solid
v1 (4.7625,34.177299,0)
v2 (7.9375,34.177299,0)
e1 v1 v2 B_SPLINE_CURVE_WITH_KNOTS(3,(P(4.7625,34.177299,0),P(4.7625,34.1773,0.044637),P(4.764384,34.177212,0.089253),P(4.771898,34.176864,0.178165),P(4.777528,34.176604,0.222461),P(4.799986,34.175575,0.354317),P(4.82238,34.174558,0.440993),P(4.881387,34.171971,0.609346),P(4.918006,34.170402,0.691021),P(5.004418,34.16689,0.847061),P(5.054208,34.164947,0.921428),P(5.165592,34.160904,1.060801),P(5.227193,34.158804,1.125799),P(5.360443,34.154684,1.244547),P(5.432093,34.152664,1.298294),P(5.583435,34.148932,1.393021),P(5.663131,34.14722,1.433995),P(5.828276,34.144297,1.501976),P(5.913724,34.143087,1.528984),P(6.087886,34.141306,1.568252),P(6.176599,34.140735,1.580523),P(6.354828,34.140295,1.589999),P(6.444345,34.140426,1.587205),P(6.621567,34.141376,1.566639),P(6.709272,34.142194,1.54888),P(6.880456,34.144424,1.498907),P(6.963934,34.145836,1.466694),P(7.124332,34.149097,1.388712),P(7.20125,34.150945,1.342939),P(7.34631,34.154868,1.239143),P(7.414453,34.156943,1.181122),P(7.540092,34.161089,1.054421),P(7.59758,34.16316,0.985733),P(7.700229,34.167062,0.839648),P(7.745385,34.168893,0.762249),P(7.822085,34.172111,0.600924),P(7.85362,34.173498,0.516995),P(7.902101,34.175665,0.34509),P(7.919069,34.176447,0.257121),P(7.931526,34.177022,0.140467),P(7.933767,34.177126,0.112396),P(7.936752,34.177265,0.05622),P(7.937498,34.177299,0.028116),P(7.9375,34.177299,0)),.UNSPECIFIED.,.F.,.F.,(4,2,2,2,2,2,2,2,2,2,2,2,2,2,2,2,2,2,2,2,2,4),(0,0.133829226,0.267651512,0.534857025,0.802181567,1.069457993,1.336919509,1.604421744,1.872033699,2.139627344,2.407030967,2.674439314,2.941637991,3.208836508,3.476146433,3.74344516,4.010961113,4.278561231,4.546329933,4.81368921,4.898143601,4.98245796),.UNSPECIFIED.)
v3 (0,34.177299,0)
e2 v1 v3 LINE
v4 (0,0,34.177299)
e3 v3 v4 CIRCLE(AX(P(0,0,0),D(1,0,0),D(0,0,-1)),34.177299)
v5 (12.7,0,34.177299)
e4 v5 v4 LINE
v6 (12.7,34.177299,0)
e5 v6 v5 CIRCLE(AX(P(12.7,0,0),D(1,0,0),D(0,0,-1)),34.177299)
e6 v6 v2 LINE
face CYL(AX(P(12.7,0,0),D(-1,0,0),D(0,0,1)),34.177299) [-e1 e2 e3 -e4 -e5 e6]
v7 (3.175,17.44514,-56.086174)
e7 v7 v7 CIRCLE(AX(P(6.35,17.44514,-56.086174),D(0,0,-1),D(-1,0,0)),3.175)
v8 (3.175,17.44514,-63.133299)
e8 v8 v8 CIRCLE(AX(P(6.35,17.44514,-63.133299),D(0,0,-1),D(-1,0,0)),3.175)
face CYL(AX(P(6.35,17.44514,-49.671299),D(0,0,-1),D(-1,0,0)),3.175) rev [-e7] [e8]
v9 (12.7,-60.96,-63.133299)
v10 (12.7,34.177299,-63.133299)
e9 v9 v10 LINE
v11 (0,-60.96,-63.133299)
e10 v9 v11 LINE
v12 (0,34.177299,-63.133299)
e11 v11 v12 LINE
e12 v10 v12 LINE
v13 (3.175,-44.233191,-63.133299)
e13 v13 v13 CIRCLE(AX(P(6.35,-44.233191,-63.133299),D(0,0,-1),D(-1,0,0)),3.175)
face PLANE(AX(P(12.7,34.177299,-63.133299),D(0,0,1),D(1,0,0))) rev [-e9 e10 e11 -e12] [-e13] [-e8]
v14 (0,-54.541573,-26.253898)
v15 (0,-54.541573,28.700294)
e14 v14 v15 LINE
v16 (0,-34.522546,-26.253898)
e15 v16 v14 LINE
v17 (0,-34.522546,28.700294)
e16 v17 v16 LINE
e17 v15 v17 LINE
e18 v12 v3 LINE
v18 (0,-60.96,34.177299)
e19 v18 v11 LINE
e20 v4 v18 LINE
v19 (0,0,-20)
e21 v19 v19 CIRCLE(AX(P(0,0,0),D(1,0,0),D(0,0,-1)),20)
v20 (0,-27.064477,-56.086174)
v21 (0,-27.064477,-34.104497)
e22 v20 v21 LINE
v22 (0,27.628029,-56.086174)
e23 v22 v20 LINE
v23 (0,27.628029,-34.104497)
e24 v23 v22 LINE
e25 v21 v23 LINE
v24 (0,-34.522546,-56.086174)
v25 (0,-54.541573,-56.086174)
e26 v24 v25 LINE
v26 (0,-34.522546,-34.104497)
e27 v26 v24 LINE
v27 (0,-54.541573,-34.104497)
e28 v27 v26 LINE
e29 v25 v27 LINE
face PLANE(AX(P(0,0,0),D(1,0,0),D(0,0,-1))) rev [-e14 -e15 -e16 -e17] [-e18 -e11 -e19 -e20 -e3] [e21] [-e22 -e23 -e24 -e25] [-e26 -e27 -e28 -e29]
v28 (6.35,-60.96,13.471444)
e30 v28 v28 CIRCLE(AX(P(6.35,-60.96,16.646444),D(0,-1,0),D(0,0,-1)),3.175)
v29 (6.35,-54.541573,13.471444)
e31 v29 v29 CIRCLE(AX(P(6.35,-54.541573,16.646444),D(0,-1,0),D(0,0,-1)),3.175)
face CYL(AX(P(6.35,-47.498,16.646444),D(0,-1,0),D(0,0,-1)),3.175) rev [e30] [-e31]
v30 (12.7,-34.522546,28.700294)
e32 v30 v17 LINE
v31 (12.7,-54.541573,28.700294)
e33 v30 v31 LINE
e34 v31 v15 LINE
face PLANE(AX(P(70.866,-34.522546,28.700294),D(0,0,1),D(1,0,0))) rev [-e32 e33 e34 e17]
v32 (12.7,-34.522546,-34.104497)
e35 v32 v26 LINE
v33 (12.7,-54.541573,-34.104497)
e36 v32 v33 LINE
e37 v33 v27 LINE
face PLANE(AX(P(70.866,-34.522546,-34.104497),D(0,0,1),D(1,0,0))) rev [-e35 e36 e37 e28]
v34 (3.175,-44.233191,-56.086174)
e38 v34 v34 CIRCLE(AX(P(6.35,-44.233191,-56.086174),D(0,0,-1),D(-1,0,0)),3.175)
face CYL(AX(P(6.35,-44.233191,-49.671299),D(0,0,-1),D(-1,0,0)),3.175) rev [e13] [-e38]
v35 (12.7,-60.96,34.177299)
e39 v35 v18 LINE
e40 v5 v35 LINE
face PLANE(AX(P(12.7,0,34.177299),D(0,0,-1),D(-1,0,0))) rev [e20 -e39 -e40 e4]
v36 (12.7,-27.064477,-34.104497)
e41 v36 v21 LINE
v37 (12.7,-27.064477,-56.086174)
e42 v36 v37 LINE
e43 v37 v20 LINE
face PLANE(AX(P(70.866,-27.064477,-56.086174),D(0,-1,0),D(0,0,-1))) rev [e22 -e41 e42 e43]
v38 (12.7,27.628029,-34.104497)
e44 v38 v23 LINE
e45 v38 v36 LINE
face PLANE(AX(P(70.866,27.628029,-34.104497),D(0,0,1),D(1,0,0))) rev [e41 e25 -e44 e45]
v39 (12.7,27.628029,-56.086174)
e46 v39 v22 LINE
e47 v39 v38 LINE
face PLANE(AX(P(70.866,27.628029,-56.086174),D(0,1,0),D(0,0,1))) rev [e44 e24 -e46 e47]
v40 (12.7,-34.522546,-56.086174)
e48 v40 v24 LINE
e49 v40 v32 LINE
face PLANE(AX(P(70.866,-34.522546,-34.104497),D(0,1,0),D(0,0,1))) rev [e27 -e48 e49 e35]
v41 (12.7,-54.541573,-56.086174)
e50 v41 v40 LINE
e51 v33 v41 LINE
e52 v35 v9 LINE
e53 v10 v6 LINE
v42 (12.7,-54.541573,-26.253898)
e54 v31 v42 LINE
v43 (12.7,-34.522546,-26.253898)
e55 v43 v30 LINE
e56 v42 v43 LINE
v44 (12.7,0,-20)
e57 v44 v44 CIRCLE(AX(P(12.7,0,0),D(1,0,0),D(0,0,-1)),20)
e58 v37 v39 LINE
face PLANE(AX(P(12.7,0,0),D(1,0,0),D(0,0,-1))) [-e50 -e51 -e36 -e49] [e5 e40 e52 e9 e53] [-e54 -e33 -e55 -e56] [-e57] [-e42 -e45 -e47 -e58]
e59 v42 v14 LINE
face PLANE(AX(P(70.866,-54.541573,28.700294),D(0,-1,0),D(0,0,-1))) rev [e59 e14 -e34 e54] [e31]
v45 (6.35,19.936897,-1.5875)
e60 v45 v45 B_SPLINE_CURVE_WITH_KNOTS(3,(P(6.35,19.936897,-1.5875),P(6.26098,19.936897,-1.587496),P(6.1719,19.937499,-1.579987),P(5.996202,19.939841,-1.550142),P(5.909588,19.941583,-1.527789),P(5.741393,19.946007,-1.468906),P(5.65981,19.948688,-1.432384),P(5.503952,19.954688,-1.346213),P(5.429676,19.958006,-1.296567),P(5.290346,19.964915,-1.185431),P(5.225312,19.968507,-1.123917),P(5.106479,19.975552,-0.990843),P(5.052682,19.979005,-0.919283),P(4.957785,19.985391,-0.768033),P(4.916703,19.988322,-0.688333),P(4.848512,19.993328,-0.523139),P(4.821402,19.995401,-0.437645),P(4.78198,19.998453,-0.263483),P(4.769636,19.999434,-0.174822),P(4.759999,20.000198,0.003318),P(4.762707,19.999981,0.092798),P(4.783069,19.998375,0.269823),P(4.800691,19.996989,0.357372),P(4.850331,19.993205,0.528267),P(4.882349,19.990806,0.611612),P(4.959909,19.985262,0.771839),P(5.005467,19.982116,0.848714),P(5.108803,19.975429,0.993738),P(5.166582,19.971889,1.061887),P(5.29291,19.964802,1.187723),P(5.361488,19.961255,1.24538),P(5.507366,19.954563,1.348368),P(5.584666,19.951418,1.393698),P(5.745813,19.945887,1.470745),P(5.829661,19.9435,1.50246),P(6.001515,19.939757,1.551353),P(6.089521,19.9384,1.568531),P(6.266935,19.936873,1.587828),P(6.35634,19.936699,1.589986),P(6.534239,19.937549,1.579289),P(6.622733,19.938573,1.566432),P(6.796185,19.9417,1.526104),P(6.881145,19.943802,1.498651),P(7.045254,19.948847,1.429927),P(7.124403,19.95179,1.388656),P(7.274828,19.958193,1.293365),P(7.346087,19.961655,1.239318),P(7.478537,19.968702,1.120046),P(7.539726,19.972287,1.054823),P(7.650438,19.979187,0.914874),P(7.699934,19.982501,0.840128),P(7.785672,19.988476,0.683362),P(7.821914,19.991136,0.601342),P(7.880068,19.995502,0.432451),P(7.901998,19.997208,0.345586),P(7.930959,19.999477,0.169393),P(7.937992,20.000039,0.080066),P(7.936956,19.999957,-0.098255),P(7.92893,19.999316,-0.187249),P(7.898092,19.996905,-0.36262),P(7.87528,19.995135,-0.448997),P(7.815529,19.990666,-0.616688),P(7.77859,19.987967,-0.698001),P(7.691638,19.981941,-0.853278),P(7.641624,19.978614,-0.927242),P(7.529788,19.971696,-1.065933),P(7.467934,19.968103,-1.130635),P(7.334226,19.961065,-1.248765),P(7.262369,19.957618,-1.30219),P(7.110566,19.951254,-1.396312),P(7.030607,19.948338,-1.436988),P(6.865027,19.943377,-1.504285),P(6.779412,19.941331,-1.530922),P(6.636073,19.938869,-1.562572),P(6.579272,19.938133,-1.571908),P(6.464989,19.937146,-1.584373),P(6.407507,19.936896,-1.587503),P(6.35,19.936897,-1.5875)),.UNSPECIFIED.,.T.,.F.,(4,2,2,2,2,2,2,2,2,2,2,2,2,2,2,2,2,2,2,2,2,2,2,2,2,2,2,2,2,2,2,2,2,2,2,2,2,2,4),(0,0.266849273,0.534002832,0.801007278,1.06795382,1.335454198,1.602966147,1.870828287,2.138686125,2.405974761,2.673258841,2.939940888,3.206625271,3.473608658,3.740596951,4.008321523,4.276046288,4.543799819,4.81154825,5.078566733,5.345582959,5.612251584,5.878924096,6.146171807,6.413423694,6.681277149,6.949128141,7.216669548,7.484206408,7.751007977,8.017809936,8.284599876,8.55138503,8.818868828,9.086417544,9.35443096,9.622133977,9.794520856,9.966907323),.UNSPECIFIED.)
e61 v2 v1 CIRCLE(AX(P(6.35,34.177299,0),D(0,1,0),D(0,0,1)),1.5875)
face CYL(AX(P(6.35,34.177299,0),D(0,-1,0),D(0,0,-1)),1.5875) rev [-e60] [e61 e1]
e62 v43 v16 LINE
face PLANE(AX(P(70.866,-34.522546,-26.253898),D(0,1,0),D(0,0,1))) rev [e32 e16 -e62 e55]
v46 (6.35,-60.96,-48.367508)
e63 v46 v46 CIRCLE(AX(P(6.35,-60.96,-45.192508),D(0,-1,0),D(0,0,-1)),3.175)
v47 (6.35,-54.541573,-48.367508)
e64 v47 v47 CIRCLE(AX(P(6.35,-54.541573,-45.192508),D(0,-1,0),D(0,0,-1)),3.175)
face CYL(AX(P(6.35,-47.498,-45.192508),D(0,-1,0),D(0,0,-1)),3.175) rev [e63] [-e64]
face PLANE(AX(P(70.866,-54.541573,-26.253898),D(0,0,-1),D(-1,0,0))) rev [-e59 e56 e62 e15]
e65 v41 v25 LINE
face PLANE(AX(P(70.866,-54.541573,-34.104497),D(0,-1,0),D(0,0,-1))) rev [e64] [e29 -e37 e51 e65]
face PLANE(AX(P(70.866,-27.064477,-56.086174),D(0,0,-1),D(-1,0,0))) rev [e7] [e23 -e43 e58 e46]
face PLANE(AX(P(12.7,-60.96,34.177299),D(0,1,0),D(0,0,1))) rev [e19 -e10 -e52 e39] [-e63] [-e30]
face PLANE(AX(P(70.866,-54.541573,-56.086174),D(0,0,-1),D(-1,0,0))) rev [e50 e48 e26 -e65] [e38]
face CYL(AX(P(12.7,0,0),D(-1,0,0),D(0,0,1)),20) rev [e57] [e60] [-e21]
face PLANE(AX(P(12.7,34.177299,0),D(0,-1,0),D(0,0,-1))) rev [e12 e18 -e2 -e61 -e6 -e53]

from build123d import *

# Parameters (mm, degrees)
SKETCH1_R           = 20
BOSS_EXTRUDE1_DEPTH = 12.7
SKETCH2_R           = 1.5875
CUT_EXTRUDE1_DEPTH  = 89.674827911
SKETCH3_W           = 21.981677087
SKETCH3_H           = 54.692506085
SKETCH3_W_2         = 54.954192717
SKETCH3_H_2         = 20.019027347
CUT_EXTRUDE2_DEPTH  = 70.866
SKETCH4_R           = 3.175
CUT_EXTRUDE3_DEPTH  = 13.462
SKETCH5_R           = 3.175
CUT_EXTRUDE4_DEPTH  = 13.462


with BuildPart() as part:
    # Sketch1 → Boss-Extrude1 (new body)
    with BuildSketch(Plane(origin=(0, 0, 0), x_dir=(0, 0, -1), z_dir=(1, 0, 0))):
        with BuildLine():
            Line((0, 34.177299494), (34.177299494, 34.177299494))
            Line((34.177299494, 34.177299494), (63.133299494, 34.177299494))
            Line((63.133299494, 34.177299494), (63.133299494, -60.96))
            Line((63.133299494, -60.96), (-34.177299494, -60.96))
            Line((-34.177299494, -60.96), (-34.177299494, 0))
            ThreePointArc((-34.177299494, 0), (-24.167000235, 24.167000235), (0, 34.177299494))
        make_face()
        Circle(SKETCH1_R, mode=Mode.SUBTRACT)
    extrude(amount=BOSS_EXTRUDE1_DEPTH)

    # Sketch2 → Cut-Extrude1 (cut, through all)
    with BuildSketch(Plane(origin=(0, 0, 0), x_dir=(1, 0, 0), z_dir=(0, 1, 0))):
        with Locations(Location((6.35, 0, 0), (0, 0, 90))):
            Circle(SKETCH2_R)
    extrude(amount=CUT_EXTRUDE1_DEPTH, mode=Mode.SUBTRACT)

    # Sketch3 → Cut-Extrude2 (cut)
    with BuildSketch(Plane.ZY):
        with Locations((-45.095335943, 0.281776268)):
            Rectangle(SKETCH3_W, SKETCH3_H)
        with Locations((1.22319792, -44.53205946)):
            Rectangle(SKETCH3_W_2, SKETCH3_H_2)
        with Locations((-45.095335943, -44.53205946)):
            Rectangle(SKETCH3_W, SKETCH3_H_2)
    extrude(amount=-CUT_EXTRUDE2_DEPTH, mode=Mode.SUBTRACT)

    # Sketch4 → Cut-Extrude3 (cut)
    with BuildSketch(Plane.XZ.offset(60.96)):
        with Locations(Location((6.35, 16.646444295, 0), (0, 0, 270))):
            Circle(SKETCH4_R)
        with Locations(Location((6.35, -45.192507654, 0), (0, 0, 270))):
            Circle(SKETCH4_R)
    extrude(amount=-CUT_EXTRUDE3_DEPTH, mode=Mode.SUBTRACT)

    # Sketch5 → Cut-Extrude4 (cut)
    with BuildSketch(Plane(origin=(0, 0, -63.133299494), x_dir=(-1, 0, 0), z_dir=(0, 0, -1))):
        with Locations((-6.35, 17.445139987)):
            Circle(SKETCH5_R)
        with Locations((-6.35, -44.233190942)):
            Circle(SKETCH5_R)
    extrude(amount=-CUT_EXTRUDE4_DEPTH, mode=Mode.SUBTRACT)


solid = part.part
